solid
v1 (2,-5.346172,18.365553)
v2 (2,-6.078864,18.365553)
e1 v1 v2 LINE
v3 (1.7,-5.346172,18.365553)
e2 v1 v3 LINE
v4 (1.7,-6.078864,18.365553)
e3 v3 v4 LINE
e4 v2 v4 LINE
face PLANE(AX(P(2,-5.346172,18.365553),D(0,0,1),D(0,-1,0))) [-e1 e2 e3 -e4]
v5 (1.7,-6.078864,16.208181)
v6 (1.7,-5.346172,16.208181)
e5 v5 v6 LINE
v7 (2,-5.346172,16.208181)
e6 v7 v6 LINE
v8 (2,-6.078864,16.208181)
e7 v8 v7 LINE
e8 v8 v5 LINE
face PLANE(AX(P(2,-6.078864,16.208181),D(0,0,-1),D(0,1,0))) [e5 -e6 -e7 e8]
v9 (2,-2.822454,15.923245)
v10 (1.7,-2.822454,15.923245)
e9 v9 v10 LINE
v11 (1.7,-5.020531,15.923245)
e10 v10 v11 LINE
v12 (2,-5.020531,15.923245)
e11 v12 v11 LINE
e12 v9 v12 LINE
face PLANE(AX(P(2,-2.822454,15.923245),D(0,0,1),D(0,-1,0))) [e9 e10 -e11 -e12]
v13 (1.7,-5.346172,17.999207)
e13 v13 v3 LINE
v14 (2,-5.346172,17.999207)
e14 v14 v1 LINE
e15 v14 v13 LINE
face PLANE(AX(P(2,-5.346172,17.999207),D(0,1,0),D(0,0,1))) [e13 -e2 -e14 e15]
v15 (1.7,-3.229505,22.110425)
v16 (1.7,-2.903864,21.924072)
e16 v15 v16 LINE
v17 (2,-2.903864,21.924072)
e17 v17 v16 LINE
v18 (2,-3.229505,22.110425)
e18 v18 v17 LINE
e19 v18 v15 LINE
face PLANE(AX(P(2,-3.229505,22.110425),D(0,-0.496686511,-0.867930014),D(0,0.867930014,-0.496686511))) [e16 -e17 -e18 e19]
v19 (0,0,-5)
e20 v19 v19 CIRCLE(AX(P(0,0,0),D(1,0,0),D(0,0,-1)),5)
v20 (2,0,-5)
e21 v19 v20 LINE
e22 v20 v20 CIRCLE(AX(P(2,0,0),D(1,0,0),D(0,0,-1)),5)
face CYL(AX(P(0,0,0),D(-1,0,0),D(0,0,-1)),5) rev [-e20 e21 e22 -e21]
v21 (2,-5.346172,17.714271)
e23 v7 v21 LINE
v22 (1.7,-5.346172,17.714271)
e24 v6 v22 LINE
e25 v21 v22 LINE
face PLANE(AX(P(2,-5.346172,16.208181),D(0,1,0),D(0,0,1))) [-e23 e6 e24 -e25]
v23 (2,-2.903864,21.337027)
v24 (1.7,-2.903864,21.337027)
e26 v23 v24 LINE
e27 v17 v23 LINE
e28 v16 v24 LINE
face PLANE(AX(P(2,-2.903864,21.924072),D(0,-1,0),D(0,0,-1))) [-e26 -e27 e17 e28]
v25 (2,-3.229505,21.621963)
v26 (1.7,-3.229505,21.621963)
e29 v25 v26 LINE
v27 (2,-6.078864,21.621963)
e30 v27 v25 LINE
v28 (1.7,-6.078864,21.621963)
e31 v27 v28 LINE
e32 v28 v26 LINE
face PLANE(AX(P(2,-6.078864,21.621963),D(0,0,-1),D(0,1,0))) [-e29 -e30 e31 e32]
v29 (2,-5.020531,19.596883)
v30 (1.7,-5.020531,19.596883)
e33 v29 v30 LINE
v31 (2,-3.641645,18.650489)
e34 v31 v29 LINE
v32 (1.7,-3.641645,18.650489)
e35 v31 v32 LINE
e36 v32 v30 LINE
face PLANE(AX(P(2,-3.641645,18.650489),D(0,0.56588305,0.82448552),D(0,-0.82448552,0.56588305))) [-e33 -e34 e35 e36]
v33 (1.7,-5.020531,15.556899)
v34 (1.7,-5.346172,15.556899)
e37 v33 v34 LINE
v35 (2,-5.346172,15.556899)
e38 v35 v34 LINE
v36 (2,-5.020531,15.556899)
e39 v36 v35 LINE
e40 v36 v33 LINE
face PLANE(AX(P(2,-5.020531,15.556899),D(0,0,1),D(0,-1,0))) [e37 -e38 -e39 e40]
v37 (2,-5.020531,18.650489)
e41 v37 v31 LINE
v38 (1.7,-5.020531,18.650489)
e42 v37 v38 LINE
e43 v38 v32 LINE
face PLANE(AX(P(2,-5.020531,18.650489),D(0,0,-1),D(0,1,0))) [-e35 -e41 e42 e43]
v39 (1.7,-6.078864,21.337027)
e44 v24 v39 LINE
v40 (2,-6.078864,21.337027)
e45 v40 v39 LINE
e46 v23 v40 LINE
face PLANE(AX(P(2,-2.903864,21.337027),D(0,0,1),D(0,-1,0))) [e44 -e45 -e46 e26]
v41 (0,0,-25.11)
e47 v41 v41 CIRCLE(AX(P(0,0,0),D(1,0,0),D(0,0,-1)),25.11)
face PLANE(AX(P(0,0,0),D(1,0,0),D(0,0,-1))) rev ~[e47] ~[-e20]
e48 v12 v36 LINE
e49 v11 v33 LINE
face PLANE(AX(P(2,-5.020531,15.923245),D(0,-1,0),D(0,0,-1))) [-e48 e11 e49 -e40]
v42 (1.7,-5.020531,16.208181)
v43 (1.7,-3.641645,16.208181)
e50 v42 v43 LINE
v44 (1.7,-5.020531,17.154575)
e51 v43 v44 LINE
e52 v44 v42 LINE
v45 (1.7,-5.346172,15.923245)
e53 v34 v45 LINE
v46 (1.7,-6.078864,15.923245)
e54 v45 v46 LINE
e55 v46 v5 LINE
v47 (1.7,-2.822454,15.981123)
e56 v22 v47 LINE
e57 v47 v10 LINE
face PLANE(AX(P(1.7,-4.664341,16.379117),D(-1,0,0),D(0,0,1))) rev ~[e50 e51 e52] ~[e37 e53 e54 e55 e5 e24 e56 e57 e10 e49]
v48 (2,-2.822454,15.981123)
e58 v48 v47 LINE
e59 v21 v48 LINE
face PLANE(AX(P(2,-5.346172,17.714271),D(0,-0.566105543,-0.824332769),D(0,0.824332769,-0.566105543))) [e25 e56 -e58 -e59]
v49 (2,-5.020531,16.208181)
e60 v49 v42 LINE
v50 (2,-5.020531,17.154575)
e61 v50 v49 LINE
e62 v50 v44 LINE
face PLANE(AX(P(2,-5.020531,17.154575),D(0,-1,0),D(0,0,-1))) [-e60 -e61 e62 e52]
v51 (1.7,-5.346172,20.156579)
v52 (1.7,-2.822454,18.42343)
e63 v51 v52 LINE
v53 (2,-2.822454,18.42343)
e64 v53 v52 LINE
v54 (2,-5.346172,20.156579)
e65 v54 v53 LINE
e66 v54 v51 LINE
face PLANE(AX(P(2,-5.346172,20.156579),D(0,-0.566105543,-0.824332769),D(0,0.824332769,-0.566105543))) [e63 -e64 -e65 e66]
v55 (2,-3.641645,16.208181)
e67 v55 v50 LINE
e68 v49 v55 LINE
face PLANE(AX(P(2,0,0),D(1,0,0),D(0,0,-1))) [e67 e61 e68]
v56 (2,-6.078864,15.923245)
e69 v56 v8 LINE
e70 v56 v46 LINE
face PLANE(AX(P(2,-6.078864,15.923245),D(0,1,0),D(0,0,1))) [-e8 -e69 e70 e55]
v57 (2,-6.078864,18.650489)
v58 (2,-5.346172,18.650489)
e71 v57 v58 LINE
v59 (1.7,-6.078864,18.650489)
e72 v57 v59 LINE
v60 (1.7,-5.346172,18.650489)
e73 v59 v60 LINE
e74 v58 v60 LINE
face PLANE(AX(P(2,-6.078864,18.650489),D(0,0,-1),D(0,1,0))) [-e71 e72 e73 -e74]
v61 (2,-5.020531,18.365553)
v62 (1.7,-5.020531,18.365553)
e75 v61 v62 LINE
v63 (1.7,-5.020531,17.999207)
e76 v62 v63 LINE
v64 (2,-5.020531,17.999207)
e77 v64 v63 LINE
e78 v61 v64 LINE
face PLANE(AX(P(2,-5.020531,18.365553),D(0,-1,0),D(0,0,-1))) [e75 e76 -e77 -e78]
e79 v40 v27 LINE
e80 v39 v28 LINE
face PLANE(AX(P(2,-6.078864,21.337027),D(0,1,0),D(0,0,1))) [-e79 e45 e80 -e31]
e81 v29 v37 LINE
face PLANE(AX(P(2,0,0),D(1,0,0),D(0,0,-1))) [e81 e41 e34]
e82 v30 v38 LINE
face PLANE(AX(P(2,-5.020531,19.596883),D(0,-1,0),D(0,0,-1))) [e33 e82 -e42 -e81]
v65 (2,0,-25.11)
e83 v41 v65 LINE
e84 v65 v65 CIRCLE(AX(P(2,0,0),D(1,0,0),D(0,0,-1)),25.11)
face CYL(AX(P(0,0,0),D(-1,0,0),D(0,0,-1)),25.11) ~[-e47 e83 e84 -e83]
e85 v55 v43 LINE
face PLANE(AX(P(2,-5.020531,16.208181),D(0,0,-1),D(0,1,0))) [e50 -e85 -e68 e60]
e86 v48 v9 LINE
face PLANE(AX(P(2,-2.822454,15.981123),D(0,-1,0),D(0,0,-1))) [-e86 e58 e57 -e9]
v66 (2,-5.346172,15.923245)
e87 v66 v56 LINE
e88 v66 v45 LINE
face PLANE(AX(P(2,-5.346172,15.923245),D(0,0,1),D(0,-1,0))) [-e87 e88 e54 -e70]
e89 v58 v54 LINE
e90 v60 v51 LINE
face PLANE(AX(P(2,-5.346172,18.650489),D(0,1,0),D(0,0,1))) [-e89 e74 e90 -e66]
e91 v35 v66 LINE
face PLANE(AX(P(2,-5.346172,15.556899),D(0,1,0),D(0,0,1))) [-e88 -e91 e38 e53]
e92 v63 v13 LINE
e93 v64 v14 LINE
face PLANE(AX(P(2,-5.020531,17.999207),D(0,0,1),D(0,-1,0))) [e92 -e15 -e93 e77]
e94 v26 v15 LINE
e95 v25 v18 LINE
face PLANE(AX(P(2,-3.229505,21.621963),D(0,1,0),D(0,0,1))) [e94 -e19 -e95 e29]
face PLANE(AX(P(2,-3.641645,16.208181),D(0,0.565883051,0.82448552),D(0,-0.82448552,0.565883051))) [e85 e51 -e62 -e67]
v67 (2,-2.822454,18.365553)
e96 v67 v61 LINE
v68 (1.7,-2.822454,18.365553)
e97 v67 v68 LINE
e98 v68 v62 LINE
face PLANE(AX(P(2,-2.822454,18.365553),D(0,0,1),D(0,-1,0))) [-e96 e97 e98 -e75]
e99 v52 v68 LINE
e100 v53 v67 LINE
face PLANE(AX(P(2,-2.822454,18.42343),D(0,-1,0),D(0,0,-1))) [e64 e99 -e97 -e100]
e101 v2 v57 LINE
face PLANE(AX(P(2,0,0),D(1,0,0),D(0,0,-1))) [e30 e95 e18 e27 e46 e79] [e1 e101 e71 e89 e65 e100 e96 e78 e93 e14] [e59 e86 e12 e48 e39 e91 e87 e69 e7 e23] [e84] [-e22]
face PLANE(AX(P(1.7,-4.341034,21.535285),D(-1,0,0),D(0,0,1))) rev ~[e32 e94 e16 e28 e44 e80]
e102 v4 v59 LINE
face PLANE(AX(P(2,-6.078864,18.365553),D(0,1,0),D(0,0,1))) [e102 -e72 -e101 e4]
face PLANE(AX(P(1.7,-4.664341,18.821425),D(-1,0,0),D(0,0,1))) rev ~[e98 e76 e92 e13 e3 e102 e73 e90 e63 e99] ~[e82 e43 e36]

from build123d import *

# Parameters (mm, degrees)
SKETCH1_R           = 25.11
SKETCH1_R_2         = 5
BOSS_EXTRUDE1_DEPTH = 2
CUT_EXTRUDE2_DEPTH  = 0.3


with BuildPart() as part:
    # Sketch1 → Boss-Extrude1 (new body)
    with BuildSketch(Plane(origin=(0, 0, 0), x_dir=(0, 0, -1), z_dir=(1, 0, 0))):
        Circle(SKETCH1_R)
        Circle(SKETCH1_R_2, mode=Mode.SUBTRACT)
    extrude(amount=BOSS_EXTRUDE1_DEPTH)

    # Sketch3 → Cut-Extrude2 (cut)
    # profile 1 of 3: a face of its own
    with BuildSketch(Plane(origin=(2, 0, 0), x_dir=(0, 0, -1), z_dir=(1, 0, 0))):
        Polygon((-21.924071507, -2.903864462), (-21.337027236, -2.903864462), (-21.337027236, -6.078864462), (-21.621963134, -6.078864462), (-21.621963134, -3.229505488), (-22.110424672, -3.229505488), align=None)
    # profile 2 of 3: a face of its own
    with BuildSketch(Plane(origin=(2, 0, 0), x_dir=(0, 0, -1), z_dir=(1, 0, 0))):
        Polygon((-18.423430481, -2.822454205), (-18.365552877, -2.822454205), (-18.365552877, -5.020531129), (-17.999206723, -5.020531129), (-17.999206723, -5.346172154), (-18.365552877, -5.346172154), (-18.365552877, -6.078864462), (-18.650488775, -6.078864462), (-18.650488775, -5.346172154), (-20.156578518, -5.346172154), align=None)
        Polygon((-18.650488775, -5.020531129), (-18.650488775, -3.641644911), (-19.596883005, -5.020531129), align=None, mode=Mode.SUBTRACT)
    # profile 3 of 3: a face of its own
    with BuildSketch(Plane(origin=(2, 0, 0), x_dir=(0, 0, -1), z_dir=(1, 0, 0))):
        Polygon((-15.981122789, -2.822454205), (-15.923245185, -2.822454205), (-15.923245185, -5.020531129), (-15.556899031, -5.020531129), (-15.556899031, -5.346172154), (-15.923245185, -5.346172154), (-15.923245185, -6.078864462), (-16.208181082, -6.078864462), (-16.208181082, -5.346172154), (-17.714270826, -5.346172154), align=None)
        Polygon((-16.208181082, -5.020531129), (-16.208181082, -3.641644911), (-17.154575313, -5.020531129), align=None, mode=Mode.SUBTRACT)
    extrude(amount=-CUT_EXTRUDE2_DEPTH, mode=Mode.SUBTRACT)


solid = part.part
